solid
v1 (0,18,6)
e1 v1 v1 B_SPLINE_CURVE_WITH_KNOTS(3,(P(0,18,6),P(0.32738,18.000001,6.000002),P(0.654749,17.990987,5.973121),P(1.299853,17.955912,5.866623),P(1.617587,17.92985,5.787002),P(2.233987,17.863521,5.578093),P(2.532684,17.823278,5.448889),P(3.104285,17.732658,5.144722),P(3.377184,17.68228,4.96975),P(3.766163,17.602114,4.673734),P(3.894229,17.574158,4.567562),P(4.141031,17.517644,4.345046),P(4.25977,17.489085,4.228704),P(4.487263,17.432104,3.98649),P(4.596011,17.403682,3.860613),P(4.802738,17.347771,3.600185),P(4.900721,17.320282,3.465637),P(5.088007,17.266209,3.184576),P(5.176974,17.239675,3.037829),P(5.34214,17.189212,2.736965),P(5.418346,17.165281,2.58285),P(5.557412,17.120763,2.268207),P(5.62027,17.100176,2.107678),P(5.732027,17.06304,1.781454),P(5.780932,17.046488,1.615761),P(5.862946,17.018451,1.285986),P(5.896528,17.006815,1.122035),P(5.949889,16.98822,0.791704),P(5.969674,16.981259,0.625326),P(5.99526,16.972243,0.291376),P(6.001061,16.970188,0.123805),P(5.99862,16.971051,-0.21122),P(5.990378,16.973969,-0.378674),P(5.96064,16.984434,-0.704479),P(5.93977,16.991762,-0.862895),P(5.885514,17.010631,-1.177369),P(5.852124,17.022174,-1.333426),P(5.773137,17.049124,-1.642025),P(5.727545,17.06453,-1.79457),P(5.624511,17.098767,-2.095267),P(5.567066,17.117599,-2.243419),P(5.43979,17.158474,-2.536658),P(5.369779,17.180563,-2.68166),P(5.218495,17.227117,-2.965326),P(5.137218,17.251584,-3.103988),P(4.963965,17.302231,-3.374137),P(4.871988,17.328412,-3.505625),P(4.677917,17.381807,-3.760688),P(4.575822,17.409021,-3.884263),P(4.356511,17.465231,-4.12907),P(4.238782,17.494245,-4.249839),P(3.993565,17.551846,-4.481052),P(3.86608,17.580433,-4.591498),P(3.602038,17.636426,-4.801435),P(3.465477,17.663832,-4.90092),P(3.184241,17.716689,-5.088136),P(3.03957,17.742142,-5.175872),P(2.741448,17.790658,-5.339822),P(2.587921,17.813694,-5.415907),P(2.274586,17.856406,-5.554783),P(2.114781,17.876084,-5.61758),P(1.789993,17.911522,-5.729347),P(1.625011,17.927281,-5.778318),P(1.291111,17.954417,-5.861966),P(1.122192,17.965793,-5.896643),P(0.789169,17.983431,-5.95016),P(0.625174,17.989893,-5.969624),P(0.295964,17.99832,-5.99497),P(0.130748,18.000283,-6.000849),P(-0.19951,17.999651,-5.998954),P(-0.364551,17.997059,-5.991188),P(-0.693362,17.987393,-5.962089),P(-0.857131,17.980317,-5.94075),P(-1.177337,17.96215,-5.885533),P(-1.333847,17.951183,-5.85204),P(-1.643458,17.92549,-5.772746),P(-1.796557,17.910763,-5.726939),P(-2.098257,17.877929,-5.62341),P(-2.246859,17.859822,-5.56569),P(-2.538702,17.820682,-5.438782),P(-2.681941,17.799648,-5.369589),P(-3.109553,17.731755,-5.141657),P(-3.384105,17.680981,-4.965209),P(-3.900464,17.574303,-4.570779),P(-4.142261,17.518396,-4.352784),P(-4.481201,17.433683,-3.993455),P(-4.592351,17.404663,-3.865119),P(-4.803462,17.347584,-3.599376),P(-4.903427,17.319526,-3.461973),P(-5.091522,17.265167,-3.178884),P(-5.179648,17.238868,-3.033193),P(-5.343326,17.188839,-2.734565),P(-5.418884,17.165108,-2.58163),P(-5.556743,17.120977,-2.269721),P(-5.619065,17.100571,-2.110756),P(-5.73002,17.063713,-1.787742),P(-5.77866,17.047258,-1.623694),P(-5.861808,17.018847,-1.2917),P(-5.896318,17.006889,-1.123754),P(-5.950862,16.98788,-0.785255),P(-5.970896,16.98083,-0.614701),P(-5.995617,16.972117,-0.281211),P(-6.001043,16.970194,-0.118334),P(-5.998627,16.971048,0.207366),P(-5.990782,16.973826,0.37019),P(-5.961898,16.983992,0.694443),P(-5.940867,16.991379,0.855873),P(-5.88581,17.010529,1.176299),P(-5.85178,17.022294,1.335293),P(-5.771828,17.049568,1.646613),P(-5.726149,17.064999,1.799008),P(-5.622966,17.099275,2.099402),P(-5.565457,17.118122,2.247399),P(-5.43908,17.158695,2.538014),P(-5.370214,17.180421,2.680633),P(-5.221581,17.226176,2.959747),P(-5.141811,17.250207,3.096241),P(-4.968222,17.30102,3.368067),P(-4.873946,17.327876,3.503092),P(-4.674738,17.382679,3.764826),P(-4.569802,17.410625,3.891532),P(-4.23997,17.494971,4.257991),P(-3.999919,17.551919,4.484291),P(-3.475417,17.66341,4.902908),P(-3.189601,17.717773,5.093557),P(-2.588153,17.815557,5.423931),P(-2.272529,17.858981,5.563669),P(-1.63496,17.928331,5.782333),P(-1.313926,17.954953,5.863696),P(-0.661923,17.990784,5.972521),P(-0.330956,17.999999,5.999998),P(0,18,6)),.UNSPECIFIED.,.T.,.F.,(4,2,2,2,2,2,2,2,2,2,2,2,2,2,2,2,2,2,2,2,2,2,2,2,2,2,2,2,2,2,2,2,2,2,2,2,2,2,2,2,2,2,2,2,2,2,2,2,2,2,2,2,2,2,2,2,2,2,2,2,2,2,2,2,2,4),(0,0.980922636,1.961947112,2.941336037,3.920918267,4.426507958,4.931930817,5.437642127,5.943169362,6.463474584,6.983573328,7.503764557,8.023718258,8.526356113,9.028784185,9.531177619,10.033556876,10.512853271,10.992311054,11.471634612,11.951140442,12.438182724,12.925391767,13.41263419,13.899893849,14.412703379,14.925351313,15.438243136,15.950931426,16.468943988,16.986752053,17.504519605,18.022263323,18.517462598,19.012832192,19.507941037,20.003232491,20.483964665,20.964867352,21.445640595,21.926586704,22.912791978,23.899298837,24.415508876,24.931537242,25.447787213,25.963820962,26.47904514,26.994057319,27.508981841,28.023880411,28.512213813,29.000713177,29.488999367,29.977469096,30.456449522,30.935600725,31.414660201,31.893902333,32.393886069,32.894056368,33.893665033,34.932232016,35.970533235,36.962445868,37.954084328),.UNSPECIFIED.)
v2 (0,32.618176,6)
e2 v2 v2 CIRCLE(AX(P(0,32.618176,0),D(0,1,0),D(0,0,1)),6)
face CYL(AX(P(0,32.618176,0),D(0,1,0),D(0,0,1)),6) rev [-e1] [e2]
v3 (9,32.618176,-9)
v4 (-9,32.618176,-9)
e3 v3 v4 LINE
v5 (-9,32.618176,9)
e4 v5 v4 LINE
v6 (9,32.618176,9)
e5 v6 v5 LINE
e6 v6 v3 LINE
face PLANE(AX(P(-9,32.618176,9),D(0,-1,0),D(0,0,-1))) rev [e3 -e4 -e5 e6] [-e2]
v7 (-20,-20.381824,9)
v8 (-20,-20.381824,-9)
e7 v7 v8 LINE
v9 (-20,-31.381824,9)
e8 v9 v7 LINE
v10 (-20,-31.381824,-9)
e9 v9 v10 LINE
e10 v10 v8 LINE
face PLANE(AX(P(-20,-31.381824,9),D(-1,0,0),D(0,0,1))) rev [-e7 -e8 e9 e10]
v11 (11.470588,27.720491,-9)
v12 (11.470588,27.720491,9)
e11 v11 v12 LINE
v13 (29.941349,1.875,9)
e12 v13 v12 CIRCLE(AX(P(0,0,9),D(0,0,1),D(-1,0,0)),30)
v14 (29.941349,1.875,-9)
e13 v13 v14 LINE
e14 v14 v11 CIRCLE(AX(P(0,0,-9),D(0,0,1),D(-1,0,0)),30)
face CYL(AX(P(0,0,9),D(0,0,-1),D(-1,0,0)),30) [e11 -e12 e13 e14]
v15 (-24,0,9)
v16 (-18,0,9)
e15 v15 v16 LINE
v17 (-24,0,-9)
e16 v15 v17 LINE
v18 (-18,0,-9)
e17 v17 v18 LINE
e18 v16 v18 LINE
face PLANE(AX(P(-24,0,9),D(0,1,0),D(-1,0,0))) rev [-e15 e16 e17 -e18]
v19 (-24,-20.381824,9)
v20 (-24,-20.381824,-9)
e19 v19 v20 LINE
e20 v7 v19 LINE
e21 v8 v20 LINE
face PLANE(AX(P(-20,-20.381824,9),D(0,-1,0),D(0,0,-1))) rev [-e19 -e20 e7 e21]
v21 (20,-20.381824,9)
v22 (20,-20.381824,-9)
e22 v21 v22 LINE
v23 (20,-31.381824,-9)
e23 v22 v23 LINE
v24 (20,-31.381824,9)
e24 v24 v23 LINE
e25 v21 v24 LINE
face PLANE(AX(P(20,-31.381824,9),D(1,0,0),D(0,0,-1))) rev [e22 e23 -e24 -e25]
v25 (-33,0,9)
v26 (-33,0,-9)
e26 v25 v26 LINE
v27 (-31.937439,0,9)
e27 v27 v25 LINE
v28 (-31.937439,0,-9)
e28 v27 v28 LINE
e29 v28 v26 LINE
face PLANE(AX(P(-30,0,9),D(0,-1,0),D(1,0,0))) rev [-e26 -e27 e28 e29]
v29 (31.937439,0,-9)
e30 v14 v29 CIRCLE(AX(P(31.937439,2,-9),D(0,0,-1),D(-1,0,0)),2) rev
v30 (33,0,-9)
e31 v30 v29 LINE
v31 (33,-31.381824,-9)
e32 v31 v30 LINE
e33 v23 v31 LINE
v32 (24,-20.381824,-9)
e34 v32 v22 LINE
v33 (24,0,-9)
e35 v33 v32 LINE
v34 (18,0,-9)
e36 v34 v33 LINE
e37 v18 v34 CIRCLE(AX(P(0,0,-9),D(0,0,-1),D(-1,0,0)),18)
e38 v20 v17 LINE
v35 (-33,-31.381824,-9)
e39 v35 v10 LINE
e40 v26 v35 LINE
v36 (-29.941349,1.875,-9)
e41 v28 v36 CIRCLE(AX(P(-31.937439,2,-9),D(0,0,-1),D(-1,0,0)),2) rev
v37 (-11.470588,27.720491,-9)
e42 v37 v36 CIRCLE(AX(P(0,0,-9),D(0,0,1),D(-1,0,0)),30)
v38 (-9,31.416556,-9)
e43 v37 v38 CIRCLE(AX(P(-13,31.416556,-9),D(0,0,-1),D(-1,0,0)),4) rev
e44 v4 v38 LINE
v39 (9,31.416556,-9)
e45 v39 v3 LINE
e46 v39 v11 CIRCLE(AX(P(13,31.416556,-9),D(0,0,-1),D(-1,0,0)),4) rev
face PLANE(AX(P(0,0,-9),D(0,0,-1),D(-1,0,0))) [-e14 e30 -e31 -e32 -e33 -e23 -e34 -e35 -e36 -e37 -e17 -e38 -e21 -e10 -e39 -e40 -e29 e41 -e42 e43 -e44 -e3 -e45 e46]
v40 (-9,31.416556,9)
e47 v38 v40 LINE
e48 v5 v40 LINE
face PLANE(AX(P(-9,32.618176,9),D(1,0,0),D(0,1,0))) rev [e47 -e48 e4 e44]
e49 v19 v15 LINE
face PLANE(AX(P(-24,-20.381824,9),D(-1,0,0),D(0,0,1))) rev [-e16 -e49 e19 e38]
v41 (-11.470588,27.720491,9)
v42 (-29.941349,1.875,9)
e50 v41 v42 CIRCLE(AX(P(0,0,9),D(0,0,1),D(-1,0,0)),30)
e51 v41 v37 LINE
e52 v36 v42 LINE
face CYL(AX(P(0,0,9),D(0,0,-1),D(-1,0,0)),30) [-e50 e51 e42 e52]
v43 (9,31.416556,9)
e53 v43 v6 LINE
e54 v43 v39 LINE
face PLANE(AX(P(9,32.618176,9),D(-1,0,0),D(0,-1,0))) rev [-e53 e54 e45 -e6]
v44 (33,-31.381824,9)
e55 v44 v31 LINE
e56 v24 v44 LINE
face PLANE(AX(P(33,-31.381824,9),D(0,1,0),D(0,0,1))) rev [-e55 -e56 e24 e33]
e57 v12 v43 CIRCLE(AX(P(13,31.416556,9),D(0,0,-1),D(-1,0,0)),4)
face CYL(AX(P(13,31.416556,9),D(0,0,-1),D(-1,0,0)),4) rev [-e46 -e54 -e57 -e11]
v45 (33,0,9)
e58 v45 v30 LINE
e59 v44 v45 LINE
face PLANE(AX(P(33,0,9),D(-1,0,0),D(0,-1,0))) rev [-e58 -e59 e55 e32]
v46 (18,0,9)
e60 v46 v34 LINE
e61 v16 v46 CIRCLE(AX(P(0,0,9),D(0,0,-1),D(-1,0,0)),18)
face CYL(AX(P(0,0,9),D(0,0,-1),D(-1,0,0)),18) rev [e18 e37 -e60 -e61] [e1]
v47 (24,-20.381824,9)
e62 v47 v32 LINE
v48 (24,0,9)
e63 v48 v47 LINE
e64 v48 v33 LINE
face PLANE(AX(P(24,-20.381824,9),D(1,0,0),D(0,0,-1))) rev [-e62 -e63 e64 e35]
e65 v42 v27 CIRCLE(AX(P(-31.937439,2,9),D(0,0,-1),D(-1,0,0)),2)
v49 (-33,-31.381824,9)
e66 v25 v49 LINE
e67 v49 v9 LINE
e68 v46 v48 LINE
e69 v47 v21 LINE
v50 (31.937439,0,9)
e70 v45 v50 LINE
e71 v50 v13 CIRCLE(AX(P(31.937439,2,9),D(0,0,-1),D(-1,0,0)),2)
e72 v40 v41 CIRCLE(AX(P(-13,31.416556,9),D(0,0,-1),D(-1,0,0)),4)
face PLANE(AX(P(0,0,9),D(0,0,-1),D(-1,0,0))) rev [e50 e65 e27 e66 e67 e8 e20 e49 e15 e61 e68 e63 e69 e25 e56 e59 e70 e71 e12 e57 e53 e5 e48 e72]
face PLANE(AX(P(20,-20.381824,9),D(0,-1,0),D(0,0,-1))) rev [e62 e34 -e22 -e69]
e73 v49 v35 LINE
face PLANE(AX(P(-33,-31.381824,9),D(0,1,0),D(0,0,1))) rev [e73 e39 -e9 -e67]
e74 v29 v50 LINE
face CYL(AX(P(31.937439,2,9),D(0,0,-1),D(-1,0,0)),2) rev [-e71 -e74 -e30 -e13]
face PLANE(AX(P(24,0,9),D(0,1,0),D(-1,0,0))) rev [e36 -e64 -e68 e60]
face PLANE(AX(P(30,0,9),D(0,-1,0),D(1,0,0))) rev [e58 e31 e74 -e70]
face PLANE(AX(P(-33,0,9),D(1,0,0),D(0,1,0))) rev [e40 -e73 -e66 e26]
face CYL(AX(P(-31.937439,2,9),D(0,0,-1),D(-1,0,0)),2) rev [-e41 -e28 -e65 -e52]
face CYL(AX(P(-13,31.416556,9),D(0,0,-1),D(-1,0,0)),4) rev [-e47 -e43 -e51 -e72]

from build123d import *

# Parameters (mm, degrees)
BOSS_EXTRUDE1_DEPTH = 9
FILLET1_R           = 4
FILLET2_R           = 2
HOLE1_D             = 12


with BuildPart() as part:
    # Sketch1 → Boss-Extrude1 (new, symmetric)
    with BuildSketch(Plane.XY):
        with BuildLine():
            Line((-30, 0), (-33, 0))
            Line((-33, 0), (-33, -31.381823957))
            Line((-33, -31.381823957), (-20, -31.381823957))
            Line((-20, -31.381823957), (-20, -20.381823957))
            Line((-20, -20.381823957), (-24, -20.381823957))
            Line((-24, -20.381823957), (-24, 0))
            Line((-24, 0), (-18, 0))
            ThreePointArc((-18, 0), (0, 18), (18, 0))
            Line((18, 0), (24, 0))
            Line((24, 0), (24, -20.381823957))
            Line((24, -20.381823957), (20, -20.381823957))
            Line((20, -20.381823957), (20, -31.381823957))
            Line((20, -31.381823957), (33, -31.381823957))
            Line((33, -31.381823957), (33, 0))
            Line((33, 0), (30, 0))
            ThreePointArc((30, 0), (24.186773245, 17.748239349), (9, 28.618176043))
            Line((9, 28.618176043), (9, 32.618176043))
            Line((9, 32.618176043), (-9, 32.618176043))
            Line((-9, 32.618176043), (-9, 28.618176043))
            ThreePointArc((-9, 28.618176043), (-24.186773245, 17.748239349), (-30, 0))
        make_face()
    extrude(amount=BOSS_EXTRUDE1_DEPTH, both=True)

    # Fillet1
    fillet1_edges = [part.edges().sort_by_distance(p)[0] for p in [
        (-9, 28.618176043, 0),
        (9, 28.618176043, 0),
    ]]
    fillet(fillet1_edges, radius=FILLET1_R)

    # Fillet2
    fillet2_edges = [part.edges().sort_by_distance(p)[0] for p in [
        (30, 0, 0),
        (-30, 0, 0),
    ]]
    fillet(fillet2_edges, radius=FILLET2_R)

    # Hole1 (through all)
    with Locations(Plane(origin=(0, 32.618176043, 0), x_dir=(1, 0, 0), z_dir=(0, 1, 0))):
        with Locations((0, 0)):
            Hole(HOLE1_D / 2)


solid = part.part
